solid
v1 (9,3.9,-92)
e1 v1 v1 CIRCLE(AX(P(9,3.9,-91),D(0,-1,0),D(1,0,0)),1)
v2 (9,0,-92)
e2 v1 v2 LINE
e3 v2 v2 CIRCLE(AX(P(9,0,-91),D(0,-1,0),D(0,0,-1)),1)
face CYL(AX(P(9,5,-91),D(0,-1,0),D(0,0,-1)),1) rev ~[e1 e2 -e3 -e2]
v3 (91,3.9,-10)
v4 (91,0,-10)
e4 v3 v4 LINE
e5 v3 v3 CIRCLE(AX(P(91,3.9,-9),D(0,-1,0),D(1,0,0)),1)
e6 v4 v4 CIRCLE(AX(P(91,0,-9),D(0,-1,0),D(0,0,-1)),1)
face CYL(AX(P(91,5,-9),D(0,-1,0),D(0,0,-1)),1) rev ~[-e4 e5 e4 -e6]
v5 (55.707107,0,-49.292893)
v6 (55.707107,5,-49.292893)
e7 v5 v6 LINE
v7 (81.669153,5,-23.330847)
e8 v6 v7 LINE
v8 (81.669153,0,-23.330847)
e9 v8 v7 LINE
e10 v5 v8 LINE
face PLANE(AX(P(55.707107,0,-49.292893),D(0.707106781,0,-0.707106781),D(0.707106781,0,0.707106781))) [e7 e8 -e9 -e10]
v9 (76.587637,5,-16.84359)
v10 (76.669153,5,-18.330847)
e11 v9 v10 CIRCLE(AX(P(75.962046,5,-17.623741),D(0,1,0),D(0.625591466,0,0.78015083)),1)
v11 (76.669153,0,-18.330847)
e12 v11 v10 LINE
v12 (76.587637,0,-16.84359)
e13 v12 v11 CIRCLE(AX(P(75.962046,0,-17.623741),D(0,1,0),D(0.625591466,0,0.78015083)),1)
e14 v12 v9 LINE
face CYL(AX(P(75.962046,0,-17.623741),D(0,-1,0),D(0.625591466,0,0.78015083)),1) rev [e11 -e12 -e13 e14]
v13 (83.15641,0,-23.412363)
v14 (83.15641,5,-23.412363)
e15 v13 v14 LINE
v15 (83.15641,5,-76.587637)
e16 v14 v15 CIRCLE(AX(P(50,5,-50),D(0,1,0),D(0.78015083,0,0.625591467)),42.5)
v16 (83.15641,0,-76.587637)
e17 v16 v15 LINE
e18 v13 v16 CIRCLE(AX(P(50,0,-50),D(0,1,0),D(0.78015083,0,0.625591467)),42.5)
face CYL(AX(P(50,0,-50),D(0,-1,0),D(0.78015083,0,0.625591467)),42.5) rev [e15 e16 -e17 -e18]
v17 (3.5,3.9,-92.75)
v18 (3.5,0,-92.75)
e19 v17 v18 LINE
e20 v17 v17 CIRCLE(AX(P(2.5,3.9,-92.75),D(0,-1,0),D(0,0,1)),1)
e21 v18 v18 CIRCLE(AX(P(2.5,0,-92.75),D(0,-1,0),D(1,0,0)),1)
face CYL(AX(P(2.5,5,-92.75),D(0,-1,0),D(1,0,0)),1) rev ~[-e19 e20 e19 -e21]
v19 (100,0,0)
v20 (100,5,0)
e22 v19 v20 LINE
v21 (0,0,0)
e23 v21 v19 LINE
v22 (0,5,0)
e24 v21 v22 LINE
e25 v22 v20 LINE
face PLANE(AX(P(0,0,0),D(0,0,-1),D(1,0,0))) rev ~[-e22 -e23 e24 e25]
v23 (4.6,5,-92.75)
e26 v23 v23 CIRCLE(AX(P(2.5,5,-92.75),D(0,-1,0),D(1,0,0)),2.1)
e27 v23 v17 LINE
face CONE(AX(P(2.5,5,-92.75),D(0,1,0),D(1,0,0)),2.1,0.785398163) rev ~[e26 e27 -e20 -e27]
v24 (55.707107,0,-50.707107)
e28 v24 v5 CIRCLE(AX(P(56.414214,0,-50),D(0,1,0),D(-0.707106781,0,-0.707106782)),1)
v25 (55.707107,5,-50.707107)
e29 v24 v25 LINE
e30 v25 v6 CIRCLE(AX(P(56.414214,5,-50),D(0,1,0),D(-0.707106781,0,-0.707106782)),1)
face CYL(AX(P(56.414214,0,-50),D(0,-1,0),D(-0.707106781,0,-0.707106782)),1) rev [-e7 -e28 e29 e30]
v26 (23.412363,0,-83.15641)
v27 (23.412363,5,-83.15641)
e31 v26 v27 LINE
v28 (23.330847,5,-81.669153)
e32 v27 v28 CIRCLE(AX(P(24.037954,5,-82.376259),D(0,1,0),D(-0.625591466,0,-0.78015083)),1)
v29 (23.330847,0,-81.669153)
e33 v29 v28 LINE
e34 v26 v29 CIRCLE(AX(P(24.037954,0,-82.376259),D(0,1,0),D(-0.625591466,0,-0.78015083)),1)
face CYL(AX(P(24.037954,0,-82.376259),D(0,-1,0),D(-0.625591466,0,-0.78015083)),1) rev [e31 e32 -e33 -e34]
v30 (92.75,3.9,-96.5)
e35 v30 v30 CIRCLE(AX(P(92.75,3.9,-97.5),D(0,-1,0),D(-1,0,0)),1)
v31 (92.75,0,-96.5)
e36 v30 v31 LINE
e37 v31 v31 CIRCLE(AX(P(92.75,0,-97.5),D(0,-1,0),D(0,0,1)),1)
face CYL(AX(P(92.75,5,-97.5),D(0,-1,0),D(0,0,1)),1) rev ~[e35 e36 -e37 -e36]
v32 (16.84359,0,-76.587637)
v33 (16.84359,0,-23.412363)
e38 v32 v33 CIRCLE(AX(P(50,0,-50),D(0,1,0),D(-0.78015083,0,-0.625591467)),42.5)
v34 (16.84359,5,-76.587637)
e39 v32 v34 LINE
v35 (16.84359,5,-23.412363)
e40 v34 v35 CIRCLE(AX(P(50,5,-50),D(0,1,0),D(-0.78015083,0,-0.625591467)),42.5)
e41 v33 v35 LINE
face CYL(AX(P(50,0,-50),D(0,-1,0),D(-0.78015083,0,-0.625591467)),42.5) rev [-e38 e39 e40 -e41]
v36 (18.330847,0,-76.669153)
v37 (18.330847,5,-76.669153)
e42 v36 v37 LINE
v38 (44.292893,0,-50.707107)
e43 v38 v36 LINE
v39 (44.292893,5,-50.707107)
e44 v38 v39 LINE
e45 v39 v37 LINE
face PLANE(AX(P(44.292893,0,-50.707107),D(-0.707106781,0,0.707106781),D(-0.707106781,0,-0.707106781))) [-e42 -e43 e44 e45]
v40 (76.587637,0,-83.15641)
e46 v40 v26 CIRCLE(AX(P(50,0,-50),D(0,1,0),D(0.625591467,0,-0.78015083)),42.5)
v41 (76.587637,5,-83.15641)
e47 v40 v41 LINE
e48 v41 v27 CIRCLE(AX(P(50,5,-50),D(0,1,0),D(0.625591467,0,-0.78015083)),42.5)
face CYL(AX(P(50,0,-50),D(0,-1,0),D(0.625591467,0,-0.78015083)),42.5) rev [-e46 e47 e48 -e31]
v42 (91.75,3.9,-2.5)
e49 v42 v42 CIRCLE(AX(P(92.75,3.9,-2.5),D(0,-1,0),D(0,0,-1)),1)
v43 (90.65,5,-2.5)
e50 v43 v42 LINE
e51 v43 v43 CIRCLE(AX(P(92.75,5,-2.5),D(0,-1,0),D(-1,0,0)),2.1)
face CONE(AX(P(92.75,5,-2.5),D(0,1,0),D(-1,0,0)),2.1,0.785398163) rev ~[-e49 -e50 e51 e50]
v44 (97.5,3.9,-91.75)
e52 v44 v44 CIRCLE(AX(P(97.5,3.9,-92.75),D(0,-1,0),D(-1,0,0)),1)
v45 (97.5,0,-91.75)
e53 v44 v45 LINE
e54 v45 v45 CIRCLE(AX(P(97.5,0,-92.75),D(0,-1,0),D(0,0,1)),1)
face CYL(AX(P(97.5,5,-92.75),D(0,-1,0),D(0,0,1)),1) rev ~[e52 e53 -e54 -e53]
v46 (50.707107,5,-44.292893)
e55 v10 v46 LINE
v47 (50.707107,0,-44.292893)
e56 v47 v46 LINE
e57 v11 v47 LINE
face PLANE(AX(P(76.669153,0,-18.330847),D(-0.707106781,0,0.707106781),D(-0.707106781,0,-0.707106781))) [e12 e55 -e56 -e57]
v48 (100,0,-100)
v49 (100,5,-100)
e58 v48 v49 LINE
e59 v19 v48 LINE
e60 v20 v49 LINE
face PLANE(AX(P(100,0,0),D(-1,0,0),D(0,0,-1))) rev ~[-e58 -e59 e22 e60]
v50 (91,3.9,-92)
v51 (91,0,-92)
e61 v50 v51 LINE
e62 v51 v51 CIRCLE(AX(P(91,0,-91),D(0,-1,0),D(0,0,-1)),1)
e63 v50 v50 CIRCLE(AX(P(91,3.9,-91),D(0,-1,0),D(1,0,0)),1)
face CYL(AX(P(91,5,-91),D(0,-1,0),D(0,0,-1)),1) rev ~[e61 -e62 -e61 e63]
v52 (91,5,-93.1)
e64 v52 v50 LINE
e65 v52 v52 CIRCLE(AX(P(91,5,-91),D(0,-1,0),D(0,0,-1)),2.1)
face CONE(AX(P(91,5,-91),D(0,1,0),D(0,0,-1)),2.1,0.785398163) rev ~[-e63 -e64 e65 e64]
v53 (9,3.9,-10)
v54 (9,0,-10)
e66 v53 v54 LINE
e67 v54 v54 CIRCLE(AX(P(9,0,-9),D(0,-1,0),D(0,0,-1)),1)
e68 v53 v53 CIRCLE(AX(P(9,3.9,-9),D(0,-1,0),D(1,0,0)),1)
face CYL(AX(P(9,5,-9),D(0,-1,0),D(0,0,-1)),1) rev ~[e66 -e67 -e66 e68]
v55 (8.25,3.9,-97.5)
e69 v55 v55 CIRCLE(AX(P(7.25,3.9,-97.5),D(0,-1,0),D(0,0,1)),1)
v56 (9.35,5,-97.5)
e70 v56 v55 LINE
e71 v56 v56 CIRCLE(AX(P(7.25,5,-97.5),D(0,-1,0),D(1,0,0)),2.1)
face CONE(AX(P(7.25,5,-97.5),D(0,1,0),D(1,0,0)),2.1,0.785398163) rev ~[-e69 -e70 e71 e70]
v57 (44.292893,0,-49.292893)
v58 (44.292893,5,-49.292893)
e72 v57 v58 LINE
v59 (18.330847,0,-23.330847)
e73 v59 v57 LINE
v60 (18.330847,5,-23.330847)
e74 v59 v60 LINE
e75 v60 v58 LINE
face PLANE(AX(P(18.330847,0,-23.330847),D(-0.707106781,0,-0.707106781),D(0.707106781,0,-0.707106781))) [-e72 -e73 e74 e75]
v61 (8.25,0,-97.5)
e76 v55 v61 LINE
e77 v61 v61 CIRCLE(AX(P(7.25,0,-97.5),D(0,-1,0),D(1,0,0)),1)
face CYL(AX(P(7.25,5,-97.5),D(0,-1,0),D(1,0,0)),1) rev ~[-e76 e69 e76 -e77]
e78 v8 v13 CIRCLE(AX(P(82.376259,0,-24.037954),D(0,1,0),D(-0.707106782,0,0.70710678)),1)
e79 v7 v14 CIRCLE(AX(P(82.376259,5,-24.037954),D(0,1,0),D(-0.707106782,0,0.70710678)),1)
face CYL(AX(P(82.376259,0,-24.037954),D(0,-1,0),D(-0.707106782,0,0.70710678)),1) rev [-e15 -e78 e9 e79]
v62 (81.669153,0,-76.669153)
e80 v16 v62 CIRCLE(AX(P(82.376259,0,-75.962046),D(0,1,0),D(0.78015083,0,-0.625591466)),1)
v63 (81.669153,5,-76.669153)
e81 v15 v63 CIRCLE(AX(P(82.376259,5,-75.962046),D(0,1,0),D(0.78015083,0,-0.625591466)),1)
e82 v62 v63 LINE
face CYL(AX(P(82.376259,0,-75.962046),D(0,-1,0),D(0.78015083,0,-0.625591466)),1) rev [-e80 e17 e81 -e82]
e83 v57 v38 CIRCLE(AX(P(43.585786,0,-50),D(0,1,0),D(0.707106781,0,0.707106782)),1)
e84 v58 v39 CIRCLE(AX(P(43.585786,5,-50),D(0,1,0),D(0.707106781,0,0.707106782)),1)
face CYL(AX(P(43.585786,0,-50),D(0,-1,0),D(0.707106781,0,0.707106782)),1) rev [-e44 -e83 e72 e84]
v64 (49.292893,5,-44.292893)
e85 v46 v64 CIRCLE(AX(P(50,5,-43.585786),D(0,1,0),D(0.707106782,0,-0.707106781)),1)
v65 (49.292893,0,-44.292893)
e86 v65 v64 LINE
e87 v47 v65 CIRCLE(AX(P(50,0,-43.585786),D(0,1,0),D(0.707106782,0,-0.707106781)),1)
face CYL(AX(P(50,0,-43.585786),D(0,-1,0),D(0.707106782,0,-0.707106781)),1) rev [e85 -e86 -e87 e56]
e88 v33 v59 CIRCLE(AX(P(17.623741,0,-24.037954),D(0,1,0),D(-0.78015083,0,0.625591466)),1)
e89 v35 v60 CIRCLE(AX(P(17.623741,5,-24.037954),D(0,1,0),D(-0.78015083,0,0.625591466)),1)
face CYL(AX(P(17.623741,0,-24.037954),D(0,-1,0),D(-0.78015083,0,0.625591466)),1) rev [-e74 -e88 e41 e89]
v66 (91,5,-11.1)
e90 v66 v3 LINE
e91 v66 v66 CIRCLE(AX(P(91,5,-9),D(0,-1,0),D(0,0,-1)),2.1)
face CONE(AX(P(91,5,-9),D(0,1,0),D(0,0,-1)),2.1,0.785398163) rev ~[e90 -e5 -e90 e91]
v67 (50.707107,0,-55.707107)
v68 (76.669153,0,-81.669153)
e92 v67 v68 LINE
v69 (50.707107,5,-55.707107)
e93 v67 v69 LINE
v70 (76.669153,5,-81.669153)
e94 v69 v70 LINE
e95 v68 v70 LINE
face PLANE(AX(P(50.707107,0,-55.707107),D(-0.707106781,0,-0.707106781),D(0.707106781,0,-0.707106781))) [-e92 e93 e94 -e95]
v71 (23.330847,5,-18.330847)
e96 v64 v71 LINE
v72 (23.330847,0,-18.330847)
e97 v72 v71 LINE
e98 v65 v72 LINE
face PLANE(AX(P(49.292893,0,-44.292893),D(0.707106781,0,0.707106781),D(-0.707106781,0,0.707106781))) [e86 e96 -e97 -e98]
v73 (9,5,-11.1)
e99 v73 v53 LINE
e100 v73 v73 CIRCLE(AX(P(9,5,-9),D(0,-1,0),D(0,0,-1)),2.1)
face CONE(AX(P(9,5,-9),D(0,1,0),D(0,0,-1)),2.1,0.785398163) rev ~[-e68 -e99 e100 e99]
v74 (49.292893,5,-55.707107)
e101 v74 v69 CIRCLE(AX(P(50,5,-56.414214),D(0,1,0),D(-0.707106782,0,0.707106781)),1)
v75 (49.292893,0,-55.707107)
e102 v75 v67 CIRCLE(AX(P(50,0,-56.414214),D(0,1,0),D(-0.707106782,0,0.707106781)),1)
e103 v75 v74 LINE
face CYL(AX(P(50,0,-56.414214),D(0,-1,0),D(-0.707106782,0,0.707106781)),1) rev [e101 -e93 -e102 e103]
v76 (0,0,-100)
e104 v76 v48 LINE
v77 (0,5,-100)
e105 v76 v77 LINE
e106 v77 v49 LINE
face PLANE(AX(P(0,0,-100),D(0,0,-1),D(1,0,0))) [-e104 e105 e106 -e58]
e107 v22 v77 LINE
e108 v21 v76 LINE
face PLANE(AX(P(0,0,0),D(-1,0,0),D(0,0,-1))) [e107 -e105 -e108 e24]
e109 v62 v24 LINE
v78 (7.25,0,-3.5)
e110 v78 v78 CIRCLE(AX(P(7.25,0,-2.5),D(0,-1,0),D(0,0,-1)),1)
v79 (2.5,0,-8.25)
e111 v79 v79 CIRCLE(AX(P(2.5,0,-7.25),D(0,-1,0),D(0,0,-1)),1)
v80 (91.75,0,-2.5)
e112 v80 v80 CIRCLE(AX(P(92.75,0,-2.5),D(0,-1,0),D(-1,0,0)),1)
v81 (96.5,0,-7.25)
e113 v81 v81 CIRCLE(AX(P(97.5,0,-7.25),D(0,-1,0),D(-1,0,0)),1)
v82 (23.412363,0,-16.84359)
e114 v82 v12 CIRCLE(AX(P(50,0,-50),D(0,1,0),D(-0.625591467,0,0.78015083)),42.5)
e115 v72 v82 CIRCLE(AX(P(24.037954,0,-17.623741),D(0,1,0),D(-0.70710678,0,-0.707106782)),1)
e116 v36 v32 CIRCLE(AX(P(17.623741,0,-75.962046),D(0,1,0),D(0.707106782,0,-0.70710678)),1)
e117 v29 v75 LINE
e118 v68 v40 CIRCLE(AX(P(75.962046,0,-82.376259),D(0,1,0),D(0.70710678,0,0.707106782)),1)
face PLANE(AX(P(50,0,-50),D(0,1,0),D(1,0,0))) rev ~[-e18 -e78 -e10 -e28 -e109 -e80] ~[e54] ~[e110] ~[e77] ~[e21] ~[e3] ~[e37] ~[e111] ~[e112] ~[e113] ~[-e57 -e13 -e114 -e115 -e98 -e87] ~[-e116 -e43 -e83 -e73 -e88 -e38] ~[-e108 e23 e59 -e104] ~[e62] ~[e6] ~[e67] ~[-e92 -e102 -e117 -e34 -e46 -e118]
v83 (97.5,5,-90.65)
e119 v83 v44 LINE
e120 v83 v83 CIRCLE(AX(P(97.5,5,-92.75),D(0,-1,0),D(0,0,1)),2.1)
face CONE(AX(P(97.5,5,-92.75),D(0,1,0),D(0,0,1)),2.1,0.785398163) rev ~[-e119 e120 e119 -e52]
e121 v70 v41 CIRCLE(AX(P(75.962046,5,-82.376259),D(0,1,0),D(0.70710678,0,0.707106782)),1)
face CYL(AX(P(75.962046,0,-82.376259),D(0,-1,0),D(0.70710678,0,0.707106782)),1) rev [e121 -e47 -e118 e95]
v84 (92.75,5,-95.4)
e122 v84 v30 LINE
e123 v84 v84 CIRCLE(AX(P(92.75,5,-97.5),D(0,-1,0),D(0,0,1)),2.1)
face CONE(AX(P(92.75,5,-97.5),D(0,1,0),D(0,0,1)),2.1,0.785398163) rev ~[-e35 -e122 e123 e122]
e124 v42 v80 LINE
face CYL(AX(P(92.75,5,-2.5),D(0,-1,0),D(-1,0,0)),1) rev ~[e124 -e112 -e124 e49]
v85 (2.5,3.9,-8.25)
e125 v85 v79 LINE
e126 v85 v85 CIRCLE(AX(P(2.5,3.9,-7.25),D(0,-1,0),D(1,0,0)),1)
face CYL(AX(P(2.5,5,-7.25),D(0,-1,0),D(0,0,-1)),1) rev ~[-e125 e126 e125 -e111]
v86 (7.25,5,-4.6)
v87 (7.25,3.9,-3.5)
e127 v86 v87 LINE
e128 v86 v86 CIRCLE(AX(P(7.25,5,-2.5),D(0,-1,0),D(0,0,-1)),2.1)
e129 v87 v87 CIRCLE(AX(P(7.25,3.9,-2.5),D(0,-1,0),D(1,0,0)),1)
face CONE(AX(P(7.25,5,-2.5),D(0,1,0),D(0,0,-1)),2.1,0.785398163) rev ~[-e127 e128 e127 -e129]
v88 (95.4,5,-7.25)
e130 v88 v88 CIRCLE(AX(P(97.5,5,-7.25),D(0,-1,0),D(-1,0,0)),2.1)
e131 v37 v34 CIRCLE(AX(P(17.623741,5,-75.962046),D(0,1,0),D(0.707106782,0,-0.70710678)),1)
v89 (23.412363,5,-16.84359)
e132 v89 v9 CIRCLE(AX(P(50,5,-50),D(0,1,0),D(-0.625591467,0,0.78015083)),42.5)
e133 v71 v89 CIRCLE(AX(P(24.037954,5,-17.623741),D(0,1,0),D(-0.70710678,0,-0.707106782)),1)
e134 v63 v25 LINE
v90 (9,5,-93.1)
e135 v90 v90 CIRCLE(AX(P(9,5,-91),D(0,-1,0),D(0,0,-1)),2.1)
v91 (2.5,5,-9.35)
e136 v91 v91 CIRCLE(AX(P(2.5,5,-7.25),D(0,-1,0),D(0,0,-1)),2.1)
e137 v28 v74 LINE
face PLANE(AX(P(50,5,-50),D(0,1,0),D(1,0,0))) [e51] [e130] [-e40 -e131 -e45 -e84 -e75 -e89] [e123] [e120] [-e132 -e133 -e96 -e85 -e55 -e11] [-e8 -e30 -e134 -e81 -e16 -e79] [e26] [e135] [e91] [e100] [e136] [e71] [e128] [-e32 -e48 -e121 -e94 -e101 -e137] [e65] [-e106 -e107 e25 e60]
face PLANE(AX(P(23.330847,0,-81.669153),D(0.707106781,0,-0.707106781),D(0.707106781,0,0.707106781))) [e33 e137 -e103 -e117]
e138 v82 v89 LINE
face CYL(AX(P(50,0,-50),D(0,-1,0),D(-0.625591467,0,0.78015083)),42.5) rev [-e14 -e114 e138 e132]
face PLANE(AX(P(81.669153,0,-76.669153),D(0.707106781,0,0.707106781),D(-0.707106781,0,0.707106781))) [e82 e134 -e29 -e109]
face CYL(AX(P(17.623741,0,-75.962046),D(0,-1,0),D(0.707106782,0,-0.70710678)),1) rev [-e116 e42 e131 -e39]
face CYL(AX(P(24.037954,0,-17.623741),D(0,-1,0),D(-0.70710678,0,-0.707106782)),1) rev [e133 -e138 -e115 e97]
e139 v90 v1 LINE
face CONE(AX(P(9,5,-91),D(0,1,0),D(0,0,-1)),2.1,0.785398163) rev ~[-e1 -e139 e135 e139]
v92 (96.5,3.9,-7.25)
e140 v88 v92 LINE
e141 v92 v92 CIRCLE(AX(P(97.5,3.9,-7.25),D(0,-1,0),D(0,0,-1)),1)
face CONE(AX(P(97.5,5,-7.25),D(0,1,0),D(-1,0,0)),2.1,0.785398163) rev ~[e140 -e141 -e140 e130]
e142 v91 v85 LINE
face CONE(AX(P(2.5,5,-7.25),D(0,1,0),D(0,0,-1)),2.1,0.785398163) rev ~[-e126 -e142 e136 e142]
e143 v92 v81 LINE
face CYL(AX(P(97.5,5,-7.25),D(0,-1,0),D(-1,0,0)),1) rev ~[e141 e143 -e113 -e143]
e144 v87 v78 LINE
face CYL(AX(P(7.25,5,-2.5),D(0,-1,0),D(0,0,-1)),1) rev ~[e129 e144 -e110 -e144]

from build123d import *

# Parameters (mm, degrees)
SKETCH2_W                             = 100
SKETCH2_H                             = 100
BOSS_EXTRUDE2_DEPTH                   = 5
TAP_DRILL_FOR_M2X0_4_TAP1_D           = 2
TAP_DRILL_FOR_M2X0_4_TAP1_CSINK_D     = 4.2
TAP_DRILL_FOR_M2X0_4_TAP1_CSINK_ANGLE = 90
TAP_DRILL_FOR_M2X0_4_TAP2_D           = 2
TAP_DRILL_FOR_M2X0_4_TAP2_CSINK_D     = 4.2
TAP_DRILL_FOR_M2X0_4_TAP2_CSINK_ANGLE = 90
CIRPATTERN1_COUNT                     = 4


with BuildPart() as part:
    # Sketch2 → Boss-Extrude2 (new body)
    with BuildSketch(Plane(origin=(0, 0, 0), x_dir=(1, 0, 0), z_dir=(0, 1, 0))):
        with Locations((50, 50)):
            Rectangle(SKETCH2_W, SKETCH2_H)
        with BuildLine():
            Line((23.330847354, 81.669152646), (49.292893219, 55.707106781))
            ThreePointArc((49.292893219, 55.707106781), (50, 55.414213562), (50.707106781, 55.707106781))
            Line((50.707106781, 55.707106781), (76.669152646, 81.669152646))
            ThreePointArc((76.669152646, 81.669152646), (76.96054722, 82.430986431), (76.587637332, 83.156410257))
            ThreePointArc((76.587637332, 83.156410257), (50, 92.5), (23.412362668, 83.156410257))
            ThreePointArc((23.412362668, 83.156410257), (23.03945278, 82.430986431), (23.330847354, 81.669152646))
        make_face(mode=Mode.SUBTRACT)
        with BuildLine():
            Line((81.669152646, 76.669152646), (55.707106781, 50.707106781))
            ThreePointArc((55.707106781, 50.707106781), (55.414213562, 50), (55.707106781, 49.292893219))
            Line((55.707106781, 49.292893219), (81.669152646, 23.330847354))
            ThreePointArc((81.669152646, 23.330847354), (82.430986431, 23.03945278), (83.156410257, 23.412362668))
            ThreePointArc((83.156410257, 23.412362668), (92.5, 50), (83.156410257, 76.587637332))
            ThreePointArc((83.156410257, 76.587637332), (82.430986431, 76.96054722), (81.669152646, 76.669152646))
        make_face(mode=Mode.SUBTRACT)
        with BuildLine():
            Line((76.669152646, 18.330847354), (50.707106781, 44.292893219))
            ThreePointArc((50.707106781, 44.292893219), (50, 44.585786438), (49.292893219, 44.292893219))
            Line((49.292893219, 44.292893219), (23.330847354, 18.330847354))
            ThreePointArc((23.330847354, 18.330847354), (23.03945278, 17.569013569), (23.412362668, 16.843589743))
            ThreePointArc((23.412362668, 16.843589743), (50, 7.5), (76.587637332, 16.843589743))
            ThreePointArc((76.587637332, 16.843589743), (76.96054722, 17.569013569), (76.669152646, 18.330847354))
        make_face(mode=Mode.SUBTRACT)
        with BuildLine():
            Line((18.330847354, 23.330847354), (44.292893219, 49.292893219))
            ThreePointArc((44.292893219, 49.292893219), (44.585786438, 50), (44.292893219, 50.707106781))
            Line((44.292893219, 50.707106781), (18.330847354, 76.669152646))
            ThreePointArc((18.330847354, 76.669152646), (17.569013569, 76.96054722), (16.843589743, 76.587637332))
            ThreePointArc((16.843589743, 76.587637332), (7.5, 50), (16.843589743, 23.412362668))
            ThreePointArc((16.843589743, 23.412362668), (17.569013569, 23.03945278), (18.330847354, 23.330847354))
        make_face(mode=Mode.SUBTRACT)
    extrude(amount=BOSS_EXTRUDE2_DEPTH)

    # Tap Drill for M2x0.4 Tap1 (through all)
    with Locations(Plane(origin=(9, 5, -9), x_dir=(0, 0, 1), z_dir=(0, 1, 0))):
        with Locations((0, 0), (-82, 0), (-82, 82), (0, 82)):
            CounterSinkHole(TAP_DRILL_FOR_M2X0_4_TAP1_D / 2, TAP_DRILL_FOR_M2X0_4_TAP1_CSINK_D / 2, counter_sink_angle=TAP_DRILL_FOR_M2X0_4_TAP1_CSINK_ANGLE)

    # Tap Drill for M2x0.4 Tap2 (through all)
    with Locations(Plane(origin=(2.5, 5, -7.25), x_dir=(0, 0, 1), z_dir=(0, 1, 0))):
        with Locations((0, 0), (4.75, 4.75)):
            tap_drill_for_m2x0_4_tap2 = CounterSinkHole(TAP_DRILL_FOR_M2X0_4_TAP2_D / 2, TAP_DRILL_FOR_M2X0_4_TAP2_CSINK_D / 2, counter_sink_angle=TAP_DRILL_FOR_M2X0_4_TAP2_CSINK_ANGLE)

    # CirPattern1: Tap Drill for M2x0.4 Tap2 ×4 about axis
    cirpattern1_axis = Axis((50, 5, -50), (0, -1, 0))
    for i in range(1, CIRPATTERN1_COUNT):
        add(tap_drill_for_m2x0_4_tap2.rotate(cirpattern1_axis, i * 360 / CIRPATTERN1_COUNT), mode=Mode.SUBTRACT)


solid = part.part
